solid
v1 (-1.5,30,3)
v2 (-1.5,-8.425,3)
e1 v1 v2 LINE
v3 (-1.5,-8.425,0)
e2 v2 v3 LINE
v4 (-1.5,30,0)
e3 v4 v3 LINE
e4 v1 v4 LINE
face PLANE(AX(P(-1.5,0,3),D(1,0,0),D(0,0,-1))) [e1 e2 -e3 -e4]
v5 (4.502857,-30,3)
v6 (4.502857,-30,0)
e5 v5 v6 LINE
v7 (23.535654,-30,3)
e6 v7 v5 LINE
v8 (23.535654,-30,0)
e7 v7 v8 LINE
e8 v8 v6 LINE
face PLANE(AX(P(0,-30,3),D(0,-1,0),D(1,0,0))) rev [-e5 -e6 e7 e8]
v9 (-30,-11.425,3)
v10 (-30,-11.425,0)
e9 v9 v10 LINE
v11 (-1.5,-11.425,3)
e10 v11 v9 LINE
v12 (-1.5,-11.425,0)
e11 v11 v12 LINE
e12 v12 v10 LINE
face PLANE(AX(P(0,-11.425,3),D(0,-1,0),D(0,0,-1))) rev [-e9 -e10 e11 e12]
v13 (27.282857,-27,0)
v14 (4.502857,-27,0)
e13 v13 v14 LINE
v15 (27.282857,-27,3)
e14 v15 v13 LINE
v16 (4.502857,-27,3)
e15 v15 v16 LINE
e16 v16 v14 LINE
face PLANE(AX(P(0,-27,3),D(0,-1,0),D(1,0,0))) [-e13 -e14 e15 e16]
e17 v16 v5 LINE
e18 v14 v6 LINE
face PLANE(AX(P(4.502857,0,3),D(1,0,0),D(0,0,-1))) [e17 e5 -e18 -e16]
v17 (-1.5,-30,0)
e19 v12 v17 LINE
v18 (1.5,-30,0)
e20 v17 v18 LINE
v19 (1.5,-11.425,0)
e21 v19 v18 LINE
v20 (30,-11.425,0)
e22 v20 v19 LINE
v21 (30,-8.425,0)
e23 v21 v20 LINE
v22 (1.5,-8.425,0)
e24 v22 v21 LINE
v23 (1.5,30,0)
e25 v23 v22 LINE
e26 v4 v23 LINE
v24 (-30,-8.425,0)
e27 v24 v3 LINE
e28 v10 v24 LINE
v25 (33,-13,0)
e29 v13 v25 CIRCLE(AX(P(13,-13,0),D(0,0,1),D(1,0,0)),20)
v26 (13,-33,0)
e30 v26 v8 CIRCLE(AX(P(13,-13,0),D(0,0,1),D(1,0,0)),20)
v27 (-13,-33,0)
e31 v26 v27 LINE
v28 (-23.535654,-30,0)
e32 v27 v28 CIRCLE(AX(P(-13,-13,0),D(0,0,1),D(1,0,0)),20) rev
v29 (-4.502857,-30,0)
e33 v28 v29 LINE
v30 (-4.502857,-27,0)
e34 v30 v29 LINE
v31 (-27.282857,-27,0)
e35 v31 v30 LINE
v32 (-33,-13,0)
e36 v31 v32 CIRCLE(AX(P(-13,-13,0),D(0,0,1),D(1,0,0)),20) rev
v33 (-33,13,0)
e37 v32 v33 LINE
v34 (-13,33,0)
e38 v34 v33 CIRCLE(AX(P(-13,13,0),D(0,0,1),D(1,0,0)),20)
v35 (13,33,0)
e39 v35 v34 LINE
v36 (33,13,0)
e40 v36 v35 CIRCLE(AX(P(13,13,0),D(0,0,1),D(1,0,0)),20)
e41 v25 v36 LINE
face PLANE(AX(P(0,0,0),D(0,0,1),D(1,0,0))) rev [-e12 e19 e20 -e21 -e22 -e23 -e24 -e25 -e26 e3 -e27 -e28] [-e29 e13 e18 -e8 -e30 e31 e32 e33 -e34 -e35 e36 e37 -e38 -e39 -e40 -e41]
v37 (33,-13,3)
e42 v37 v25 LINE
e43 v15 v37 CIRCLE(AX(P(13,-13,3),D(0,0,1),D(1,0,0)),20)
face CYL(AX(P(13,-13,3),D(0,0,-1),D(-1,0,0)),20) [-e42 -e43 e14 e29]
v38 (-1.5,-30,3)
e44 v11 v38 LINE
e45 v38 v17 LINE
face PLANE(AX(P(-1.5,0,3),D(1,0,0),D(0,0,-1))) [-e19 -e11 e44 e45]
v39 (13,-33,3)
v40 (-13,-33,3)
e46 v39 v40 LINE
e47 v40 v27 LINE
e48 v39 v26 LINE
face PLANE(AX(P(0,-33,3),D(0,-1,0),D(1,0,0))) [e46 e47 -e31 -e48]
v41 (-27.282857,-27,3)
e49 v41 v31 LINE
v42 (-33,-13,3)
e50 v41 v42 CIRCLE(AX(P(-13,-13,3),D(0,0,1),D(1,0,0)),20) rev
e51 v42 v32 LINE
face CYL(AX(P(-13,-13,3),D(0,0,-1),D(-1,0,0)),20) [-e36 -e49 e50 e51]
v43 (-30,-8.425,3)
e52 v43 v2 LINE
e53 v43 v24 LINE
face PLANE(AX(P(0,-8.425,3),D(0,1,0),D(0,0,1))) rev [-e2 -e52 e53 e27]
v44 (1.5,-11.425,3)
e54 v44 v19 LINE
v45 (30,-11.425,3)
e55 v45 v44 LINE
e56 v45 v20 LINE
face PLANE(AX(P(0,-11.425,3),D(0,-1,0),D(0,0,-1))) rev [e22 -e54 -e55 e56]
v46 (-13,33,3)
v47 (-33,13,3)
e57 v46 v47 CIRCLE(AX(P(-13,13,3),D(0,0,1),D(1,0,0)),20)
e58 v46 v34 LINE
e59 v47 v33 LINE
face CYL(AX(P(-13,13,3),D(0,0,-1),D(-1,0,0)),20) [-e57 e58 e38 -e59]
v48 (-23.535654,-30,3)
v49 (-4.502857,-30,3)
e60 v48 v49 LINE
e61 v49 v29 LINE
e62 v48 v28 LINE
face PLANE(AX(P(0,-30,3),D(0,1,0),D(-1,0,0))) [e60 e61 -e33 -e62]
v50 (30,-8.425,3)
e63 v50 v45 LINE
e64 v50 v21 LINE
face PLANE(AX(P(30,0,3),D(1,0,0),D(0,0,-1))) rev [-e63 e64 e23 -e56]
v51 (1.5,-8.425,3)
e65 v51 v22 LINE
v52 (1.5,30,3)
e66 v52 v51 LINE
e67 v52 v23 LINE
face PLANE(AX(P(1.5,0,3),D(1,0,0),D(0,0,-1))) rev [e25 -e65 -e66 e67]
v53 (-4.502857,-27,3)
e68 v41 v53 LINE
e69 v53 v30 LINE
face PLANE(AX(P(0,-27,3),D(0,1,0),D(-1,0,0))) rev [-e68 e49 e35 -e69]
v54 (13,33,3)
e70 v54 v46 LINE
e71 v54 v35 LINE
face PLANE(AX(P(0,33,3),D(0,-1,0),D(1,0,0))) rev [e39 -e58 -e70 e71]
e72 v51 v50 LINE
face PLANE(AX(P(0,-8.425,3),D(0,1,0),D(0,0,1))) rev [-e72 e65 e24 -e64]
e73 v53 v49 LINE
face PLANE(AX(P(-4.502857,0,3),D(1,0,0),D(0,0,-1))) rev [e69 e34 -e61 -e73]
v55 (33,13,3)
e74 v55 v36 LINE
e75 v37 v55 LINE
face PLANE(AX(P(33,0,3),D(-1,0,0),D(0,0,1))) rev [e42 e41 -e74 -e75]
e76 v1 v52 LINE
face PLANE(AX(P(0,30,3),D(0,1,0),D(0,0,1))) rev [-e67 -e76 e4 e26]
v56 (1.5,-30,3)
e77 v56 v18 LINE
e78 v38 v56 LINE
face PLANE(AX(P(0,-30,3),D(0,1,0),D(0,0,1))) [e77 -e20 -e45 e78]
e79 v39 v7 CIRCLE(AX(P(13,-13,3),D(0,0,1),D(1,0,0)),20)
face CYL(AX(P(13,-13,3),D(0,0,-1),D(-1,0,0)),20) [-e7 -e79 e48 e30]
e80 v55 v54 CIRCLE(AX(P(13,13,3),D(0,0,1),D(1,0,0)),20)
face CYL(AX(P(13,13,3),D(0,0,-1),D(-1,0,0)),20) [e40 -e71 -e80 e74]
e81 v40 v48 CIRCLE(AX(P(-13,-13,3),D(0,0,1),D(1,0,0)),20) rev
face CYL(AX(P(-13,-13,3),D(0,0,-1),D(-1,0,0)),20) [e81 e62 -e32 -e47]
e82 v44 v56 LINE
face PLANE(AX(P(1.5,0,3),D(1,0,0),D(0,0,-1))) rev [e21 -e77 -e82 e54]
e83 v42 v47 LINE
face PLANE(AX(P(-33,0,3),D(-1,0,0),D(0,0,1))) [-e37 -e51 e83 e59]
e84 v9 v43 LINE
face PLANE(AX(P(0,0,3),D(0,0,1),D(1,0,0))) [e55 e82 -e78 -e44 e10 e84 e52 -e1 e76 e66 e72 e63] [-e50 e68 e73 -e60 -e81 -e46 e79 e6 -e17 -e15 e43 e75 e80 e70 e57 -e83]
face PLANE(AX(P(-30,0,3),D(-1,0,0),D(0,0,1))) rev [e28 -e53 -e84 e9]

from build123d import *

# Parameters (mm, degrees)
SALIENTE_EXTRUIR1_DEPTH = 3


with BuildPart() as part:
    # Croquis1 → Saliente-Extruir1 (new body)
    with BuildSketch(Plane.XY):
        with BuildLine():
            Line((-13, -33), (13, -33))
            ThreePointArc((13, -33), (18.477225575, -32.235384062), (23.535653753, -30))
            Line((23.535653753, -30), (4.502856857, -30))
            Line((4.502856857, -30), (4.502856857, -27))
            Line((4.502856857, -27), (27.282856857, -27))
            ThreePointArc((27.282856857, -27), (31.515630385, -20.561179235), (33, -13))
            Line((33, -13), (33, 13))
            ThreePointArc((33, 13), (27.142135624, 27.142135624), (13, 33))
            Line((13, 33), (-13, 33))
            ThreePointArc((-13, 33), (-27.142135624, 27.142135624), (-33, 13))
            Line((-33, 13), (-33, -13))
            ThreePointArc((-33, -13), (-31.515630385, -20.561179235), (-27.282856857, -27))
            Line((-27.282856857, -27), (-4.502856857, -27))
            Line((-4.502856857, -27), (-4.502856857, -30))
            Line((-4.502856857, -30), (-23.535653753, -30))
            ThreePointArc((-23.535653753, -30), (-18.477225575, -32.235384062), (-13, -33))
        make_face()
        Polygon((-30, -11.425), (-30, -8.425), (-1.5, -8.425), (-1.5, 30), (1.5, 30), (1.5, -8.425), (30, -8.425), (30, -11.425), (1.5, -11.425), (1.5, -30), (-1.5, -30), (-1.5, -11.425), align=None, mode=Mode.SUBTRACT)
    extrude(amount=SALIENTE_EXTRUIR1_DEPTH)


solid = part.part
